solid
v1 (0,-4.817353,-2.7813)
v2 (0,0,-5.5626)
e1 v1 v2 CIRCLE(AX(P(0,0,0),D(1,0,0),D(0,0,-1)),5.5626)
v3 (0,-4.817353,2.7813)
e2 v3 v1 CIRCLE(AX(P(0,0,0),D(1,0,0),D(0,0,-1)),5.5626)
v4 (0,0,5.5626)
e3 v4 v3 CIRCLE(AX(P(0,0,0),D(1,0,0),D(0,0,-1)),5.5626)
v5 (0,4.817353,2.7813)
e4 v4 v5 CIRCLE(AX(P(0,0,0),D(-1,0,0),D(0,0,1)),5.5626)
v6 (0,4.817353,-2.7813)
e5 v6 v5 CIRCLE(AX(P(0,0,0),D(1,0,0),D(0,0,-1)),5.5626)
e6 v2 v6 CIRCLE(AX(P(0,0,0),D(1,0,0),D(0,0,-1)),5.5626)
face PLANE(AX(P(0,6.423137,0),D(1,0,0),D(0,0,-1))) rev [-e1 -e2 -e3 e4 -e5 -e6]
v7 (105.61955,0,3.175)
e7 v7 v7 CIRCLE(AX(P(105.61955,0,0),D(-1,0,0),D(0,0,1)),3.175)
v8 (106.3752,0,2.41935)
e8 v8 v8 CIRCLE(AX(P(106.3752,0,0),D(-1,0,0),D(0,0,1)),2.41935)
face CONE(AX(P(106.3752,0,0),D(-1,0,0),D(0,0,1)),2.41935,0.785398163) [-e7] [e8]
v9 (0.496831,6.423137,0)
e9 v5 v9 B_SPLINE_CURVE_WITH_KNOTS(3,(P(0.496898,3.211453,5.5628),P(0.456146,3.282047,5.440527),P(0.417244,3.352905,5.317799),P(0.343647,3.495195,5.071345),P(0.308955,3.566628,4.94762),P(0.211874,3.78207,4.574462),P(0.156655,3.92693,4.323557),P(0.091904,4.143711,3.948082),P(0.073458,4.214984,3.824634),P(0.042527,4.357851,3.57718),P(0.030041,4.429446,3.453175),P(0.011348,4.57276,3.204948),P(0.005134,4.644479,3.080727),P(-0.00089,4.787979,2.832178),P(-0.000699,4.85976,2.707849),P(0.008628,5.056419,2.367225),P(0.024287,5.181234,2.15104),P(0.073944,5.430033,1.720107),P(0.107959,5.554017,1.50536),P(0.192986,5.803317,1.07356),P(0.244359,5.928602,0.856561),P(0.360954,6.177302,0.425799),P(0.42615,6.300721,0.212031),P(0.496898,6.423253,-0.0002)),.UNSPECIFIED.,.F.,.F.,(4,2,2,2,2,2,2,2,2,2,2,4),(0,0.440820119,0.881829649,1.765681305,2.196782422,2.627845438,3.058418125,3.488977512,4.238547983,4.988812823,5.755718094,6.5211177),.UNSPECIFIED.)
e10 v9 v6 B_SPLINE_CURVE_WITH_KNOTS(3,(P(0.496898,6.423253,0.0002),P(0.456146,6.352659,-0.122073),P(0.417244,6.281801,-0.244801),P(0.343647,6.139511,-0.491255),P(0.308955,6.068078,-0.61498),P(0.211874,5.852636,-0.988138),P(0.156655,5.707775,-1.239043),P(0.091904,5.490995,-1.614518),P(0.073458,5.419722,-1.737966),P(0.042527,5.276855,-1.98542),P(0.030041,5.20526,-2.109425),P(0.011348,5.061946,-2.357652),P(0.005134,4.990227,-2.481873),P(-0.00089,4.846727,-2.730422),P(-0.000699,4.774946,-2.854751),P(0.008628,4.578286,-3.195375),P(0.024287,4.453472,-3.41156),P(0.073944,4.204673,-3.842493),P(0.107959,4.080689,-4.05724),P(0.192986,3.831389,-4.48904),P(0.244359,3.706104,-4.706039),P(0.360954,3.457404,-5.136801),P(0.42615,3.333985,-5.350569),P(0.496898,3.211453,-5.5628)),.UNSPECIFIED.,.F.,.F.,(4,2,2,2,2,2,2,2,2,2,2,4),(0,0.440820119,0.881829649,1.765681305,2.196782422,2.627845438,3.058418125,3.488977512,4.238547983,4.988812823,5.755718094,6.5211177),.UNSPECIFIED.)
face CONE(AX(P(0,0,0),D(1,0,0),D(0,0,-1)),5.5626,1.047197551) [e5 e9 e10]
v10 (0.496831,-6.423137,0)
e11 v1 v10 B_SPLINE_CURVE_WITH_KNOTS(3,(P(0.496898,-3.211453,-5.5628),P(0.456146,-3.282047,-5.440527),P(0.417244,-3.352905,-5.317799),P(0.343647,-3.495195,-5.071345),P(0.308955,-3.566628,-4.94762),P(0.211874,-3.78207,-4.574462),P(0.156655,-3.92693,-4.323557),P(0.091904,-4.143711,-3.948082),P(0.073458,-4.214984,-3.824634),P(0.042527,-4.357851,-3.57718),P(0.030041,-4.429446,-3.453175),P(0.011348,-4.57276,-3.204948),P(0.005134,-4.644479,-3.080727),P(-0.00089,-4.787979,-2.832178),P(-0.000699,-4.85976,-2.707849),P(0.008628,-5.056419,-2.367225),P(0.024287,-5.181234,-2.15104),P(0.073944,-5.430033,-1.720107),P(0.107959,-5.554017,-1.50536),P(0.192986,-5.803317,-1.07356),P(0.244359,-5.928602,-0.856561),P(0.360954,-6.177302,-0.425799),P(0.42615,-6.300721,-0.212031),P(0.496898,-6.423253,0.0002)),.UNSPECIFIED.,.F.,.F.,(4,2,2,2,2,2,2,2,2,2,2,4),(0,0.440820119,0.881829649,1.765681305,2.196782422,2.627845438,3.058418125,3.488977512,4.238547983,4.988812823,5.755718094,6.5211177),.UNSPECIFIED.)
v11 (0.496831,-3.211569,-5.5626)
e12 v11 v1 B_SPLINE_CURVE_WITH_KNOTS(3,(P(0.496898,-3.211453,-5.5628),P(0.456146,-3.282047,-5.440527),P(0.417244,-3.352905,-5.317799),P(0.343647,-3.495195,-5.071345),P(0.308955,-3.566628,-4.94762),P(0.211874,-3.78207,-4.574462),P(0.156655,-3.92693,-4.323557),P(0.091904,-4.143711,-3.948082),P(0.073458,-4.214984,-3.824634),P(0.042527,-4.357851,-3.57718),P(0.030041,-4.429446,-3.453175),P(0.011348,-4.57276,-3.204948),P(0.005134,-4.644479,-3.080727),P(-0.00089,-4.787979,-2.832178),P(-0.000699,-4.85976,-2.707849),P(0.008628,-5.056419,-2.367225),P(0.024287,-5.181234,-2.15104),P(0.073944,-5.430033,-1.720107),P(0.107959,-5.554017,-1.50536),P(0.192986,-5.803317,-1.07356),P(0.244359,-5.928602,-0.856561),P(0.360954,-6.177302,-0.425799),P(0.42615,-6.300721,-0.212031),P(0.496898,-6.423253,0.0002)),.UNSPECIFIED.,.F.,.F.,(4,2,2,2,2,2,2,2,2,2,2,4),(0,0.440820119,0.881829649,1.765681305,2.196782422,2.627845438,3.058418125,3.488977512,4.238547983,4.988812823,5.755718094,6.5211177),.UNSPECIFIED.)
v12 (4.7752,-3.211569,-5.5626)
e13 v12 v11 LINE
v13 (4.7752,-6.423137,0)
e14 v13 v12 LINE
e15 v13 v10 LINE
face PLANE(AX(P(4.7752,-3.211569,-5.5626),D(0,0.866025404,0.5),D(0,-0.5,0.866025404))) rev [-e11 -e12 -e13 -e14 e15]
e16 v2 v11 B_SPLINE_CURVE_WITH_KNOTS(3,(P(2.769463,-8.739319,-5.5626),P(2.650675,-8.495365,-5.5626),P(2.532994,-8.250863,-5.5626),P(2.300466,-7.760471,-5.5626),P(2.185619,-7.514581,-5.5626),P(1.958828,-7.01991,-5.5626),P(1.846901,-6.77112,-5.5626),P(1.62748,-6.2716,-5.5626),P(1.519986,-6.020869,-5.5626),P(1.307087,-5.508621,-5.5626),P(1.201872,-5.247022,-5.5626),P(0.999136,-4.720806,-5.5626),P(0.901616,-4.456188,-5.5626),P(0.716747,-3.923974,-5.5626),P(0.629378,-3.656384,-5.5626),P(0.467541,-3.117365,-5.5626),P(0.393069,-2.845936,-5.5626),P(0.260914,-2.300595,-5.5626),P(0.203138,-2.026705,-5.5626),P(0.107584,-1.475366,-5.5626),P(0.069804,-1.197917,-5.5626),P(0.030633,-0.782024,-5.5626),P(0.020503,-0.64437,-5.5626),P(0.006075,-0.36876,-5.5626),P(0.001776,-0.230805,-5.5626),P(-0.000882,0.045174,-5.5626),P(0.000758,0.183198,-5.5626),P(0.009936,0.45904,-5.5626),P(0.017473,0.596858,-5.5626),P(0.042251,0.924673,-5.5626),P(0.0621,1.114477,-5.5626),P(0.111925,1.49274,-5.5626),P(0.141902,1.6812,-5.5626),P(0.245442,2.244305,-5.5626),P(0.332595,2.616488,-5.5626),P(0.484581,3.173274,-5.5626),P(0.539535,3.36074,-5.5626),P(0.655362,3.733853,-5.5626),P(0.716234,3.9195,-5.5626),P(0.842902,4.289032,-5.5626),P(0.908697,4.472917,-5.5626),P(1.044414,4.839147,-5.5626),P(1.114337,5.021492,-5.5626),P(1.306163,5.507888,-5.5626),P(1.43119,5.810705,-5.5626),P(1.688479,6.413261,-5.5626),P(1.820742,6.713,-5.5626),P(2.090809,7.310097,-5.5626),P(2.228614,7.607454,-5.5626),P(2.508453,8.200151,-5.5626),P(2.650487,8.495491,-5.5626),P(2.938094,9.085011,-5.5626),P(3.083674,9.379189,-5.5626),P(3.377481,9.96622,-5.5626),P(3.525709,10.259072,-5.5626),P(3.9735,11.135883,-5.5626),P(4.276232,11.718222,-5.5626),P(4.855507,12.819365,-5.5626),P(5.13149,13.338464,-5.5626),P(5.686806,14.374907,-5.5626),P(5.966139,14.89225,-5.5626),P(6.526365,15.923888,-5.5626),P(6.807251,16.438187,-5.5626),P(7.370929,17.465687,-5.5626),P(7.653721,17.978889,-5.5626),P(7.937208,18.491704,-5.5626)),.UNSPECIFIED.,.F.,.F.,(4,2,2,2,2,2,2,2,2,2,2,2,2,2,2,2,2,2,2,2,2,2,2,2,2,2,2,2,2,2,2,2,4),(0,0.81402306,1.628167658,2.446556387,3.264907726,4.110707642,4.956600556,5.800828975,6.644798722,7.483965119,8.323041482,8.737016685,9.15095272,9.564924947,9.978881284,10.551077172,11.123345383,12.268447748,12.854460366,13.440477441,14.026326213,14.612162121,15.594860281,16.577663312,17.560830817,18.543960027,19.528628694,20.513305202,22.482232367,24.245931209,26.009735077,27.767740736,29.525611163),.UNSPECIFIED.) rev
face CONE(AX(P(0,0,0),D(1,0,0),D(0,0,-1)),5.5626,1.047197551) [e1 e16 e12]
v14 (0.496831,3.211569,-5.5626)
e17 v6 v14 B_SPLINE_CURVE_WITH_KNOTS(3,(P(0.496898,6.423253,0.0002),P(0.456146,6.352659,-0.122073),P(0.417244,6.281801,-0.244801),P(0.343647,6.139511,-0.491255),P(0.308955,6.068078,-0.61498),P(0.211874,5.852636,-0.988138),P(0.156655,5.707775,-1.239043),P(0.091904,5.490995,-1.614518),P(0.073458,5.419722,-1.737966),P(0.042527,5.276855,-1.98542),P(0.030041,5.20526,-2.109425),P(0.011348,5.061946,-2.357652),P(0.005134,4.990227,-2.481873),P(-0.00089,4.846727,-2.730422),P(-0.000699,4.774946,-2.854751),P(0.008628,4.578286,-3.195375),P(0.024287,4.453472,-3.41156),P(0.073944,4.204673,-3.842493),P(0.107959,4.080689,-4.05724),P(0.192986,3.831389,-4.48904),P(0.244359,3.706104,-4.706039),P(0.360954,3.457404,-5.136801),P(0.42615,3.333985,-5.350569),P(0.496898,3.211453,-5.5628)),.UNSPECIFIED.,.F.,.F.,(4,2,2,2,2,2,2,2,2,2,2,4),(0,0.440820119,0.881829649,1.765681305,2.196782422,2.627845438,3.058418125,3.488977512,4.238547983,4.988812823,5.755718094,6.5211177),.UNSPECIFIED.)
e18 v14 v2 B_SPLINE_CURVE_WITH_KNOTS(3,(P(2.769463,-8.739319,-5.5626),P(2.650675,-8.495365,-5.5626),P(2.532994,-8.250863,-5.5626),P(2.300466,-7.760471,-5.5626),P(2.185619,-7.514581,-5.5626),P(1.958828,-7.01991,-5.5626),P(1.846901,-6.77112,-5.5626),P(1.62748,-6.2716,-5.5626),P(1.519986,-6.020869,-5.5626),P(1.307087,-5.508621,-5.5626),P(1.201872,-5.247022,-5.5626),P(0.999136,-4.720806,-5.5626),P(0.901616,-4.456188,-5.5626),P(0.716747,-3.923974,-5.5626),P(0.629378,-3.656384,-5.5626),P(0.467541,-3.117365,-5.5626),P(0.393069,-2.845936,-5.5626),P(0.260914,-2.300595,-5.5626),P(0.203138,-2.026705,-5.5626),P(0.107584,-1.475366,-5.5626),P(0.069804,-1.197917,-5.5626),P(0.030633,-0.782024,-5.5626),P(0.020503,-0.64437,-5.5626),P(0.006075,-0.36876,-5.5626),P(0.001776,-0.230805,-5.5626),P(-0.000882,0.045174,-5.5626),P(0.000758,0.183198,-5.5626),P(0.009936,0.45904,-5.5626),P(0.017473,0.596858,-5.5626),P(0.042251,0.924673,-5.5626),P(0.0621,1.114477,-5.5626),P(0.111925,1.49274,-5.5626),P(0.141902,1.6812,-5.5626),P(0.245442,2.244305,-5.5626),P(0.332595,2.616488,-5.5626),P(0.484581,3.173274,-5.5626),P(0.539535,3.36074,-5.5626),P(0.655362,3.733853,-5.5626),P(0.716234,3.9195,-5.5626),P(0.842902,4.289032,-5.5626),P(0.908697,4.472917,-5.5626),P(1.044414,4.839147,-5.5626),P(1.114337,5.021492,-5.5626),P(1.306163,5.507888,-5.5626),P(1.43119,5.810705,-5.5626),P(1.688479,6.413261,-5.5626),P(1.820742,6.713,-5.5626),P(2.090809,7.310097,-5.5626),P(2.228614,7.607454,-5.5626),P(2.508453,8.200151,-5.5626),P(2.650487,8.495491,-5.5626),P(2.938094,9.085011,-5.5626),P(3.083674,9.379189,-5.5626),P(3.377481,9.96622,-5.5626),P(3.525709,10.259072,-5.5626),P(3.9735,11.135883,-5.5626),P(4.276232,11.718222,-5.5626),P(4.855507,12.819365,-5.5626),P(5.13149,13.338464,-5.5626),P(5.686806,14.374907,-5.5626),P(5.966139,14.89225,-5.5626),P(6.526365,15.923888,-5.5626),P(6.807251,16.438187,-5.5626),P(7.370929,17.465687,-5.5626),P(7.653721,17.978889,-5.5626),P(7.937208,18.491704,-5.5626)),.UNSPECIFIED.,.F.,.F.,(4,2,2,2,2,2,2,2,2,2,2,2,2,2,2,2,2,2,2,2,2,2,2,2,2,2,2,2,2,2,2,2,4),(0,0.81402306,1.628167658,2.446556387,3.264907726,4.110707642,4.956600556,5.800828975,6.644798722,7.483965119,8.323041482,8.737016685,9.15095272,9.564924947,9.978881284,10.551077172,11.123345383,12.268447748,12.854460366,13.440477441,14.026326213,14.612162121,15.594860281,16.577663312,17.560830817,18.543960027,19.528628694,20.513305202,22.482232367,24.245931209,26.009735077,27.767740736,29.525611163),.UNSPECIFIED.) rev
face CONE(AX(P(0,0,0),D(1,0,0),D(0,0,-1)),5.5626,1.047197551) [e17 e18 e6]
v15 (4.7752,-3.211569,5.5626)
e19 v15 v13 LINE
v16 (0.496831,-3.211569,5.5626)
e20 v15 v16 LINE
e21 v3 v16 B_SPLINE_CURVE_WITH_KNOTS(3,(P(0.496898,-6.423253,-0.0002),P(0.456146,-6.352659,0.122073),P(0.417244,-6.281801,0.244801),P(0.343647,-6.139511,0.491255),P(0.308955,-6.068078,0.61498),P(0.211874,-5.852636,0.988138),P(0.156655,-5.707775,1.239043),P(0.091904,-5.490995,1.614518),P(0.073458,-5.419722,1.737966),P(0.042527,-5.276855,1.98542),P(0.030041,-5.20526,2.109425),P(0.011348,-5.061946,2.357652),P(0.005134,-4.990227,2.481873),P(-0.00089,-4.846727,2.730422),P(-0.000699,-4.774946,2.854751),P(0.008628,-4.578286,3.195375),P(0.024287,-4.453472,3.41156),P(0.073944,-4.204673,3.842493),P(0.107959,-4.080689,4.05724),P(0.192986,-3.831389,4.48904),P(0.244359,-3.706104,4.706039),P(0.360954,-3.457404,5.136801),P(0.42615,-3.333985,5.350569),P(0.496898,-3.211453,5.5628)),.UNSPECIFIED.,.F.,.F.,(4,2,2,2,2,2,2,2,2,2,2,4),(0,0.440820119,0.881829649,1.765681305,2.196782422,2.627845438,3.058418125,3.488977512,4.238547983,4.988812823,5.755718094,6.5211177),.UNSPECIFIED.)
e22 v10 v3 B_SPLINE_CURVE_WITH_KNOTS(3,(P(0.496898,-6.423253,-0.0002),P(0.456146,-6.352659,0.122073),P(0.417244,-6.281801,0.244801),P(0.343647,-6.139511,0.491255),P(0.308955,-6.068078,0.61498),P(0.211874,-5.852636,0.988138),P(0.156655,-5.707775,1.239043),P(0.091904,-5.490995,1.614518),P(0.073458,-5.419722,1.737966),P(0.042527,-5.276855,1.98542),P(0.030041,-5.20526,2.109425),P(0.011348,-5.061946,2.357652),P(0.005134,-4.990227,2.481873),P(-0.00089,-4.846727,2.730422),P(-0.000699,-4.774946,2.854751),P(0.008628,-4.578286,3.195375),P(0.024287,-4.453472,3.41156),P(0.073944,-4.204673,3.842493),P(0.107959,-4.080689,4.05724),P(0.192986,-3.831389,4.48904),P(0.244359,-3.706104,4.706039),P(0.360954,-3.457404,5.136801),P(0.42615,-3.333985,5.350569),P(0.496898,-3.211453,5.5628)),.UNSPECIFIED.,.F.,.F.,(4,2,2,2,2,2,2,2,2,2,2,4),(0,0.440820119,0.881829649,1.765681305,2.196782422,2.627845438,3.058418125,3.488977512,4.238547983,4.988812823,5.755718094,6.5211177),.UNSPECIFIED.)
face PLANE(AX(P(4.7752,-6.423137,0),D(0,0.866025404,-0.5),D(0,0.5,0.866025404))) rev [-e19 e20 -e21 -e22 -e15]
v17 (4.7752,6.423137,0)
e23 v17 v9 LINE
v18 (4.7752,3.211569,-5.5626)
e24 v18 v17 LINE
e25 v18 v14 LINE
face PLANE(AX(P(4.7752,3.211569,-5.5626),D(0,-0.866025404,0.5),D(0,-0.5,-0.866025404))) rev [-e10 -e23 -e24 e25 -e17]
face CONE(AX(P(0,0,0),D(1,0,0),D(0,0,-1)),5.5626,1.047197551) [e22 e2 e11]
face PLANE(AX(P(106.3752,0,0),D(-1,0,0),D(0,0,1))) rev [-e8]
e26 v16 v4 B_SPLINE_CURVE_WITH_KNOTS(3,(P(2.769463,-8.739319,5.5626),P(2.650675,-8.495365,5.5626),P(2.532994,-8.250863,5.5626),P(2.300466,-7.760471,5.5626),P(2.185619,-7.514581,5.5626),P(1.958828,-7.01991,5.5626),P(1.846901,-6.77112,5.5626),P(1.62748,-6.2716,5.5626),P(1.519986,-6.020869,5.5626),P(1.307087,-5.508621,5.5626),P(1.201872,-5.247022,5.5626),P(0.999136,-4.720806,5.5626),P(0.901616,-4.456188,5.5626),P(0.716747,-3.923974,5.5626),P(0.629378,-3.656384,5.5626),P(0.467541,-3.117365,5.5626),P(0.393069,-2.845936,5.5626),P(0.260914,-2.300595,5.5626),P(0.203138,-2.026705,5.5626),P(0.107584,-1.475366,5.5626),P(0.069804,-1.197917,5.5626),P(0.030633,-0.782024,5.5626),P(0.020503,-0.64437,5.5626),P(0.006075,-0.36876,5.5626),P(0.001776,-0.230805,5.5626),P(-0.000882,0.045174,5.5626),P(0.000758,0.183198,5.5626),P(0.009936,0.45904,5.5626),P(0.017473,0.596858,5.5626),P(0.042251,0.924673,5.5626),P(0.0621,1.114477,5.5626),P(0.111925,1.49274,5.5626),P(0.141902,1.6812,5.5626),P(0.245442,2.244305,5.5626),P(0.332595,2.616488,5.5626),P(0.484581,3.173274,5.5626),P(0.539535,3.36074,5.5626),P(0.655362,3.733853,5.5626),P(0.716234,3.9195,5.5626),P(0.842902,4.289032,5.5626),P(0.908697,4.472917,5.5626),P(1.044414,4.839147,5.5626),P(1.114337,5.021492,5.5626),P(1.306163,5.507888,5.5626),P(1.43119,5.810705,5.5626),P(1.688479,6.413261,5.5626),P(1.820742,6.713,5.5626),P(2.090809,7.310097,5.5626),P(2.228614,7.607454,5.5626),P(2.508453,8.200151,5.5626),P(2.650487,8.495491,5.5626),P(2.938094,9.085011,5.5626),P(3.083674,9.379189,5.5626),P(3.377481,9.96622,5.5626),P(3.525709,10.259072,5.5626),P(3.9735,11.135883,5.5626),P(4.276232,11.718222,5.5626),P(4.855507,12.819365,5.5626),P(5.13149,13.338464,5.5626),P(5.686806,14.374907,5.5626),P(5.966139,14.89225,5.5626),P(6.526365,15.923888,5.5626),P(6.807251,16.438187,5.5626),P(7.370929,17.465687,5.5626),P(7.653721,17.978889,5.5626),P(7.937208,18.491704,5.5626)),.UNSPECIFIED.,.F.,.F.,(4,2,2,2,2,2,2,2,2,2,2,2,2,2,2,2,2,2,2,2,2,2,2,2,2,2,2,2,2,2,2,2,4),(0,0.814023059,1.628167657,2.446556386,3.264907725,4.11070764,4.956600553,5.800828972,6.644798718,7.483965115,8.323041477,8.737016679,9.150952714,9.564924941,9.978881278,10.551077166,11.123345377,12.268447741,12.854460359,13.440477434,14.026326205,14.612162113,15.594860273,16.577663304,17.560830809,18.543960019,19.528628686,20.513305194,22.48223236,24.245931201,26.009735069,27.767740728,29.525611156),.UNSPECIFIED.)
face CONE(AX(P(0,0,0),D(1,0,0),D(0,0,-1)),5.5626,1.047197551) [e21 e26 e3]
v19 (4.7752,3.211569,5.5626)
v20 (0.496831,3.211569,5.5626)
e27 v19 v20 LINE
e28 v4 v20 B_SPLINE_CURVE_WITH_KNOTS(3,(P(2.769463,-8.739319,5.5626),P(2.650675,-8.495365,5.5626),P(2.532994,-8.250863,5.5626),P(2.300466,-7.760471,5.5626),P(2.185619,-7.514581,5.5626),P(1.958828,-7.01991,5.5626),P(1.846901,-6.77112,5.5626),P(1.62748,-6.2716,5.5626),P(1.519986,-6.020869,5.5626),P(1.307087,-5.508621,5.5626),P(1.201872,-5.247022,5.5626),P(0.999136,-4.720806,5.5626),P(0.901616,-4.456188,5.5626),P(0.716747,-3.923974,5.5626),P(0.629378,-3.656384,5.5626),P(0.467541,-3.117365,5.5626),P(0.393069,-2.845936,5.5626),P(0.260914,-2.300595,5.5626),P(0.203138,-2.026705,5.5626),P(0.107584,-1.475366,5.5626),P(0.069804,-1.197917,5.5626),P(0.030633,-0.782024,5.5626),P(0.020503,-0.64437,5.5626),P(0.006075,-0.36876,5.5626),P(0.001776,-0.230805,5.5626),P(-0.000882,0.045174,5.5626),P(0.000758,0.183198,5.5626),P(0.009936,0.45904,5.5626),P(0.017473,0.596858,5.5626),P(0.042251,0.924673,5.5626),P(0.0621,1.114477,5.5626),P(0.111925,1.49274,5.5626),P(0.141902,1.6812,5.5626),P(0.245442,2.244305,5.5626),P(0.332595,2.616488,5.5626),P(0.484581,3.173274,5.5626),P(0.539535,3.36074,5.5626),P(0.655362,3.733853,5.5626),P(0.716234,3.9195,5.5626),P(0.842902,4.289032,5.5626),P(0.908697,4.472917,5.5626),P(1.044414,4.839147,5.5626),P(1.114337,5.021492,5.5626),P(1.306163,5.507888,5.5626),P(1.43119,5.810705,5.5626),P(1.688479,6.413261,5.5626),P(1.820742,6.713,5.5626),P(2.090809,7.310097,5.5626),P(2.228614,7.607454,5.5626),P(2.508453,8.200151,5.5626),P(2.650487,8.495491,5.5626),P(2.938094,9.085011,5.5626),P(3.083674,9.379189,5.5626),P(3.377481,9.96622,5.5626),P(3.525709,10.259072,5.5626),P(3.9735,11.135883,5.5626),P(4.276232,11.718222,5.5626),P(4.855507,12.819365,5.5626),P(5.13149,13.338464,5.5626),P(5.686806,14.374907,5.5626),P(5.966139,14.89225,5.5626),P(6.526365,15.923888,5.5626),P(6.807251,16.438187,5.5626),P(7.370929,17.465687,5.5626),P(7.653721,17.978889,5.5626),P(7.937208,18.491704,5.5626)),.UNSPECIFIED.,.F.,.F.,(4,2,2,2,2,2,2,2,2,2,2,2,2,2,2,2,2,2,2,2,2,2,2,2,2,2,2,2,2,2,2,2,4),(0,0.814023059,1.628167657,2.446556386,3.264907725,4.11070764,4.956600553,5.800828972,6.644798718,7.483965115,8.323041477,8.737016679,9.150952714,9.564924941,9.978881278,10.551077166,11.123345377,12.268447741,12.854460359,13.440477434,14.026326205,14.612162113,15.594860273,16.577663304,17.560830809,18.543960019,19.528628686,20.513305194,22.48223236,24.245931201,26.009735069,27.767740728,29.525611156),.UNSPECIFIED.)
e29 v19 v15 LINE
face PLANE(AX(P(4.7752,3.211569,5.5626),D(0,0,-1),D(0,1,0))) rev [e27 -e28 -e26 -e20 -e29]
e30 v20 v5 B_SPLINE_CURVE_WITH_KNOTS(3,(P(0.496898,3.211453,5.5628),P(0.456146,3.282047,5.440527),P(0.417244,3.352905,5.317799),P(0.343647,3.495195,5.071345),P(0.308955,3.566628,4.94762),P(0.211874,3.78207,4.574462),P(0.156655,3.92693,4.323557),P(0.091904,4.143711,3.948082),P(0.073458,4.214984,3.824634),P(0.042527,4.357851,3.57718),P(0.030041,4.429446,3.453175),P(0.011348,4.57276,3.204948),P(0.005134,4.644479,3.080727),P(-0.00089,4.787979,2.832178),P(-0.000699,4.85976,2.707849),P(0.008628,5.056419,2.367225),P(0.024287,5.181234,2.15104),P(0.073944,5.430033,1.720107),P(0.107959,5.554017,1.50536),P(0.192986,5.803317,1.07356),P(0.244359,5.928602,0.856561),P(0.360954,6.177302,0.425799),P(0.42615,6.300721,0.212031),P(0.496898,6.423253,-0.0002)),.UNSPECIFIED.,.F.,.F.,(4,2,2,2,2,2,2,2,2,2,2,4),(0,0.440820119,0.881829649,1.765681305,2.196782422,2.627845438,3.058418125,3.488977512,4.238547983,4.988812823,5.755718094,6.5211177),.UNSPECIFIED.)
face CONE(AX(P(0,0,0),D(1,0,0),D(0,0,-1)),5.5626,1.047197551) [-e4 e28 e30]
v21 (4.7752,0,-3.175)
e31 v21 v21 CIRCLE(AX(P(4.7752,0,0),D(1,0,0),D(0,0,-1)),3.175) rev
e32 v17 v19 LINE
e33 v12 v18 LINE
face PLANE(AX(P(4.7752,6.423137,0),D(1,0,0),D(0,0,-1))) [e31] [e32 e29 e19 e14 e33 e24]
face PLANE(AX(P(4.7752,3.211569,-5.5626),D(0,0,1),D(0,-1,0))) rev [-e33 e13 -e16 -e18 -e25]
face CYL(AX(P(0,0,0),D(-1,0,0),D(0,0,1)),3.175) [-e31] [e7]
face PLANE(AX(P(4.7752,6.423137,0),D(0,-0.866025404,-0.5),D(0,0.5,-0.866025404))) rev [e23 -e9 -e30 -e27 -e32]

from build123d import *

# Parameters (mm, degrees)
BASEHEAD_DEPTH = 4.7752


with BuildPart() as part:
    # Sketch1 → BaseHead (new body)
    with BuildSketch(Plane(origin=(0, 0, 0), x_dir=(0, 0, -1), z_dir=(1, 0, 0))):
        Polygon((5.5626, 3.211568607), (5.5626, -3.211568607), (0, -6.423137215), (-5.5626, -3.211568607), (-5.5626, 3.211568607), (0, 6.423137215), align=None)
    extrude(amount=BASEHEAD_DEPTH)

    # BodySke → BaseBody (revolve)
    with BuildSketch(Plane.XY, mode=Mode.PRIVATE) as basebody_sk:
        Polygon((0, 0), (106.3752, 0), (106.3752, 2.41935), (105.61955, 3.175), (0, 3.175), align=None)
    revolve(basebody_sk.sketch.rotate(Axis((0, 0, 0), (1, 0, 0)), 90), axis=Axis((0, 0, 0), (1, 0, 0)))

    # Sketch3 → HeadChamfer (revolve, cut)
    with BuildSketch(Plane.XY):
        Polygon((0, 5.5626), (4.163005602, 12.773137215), (4.163005602, 19.123137215), (-12.7, 19.123137215), (-12.7, 5.5626), align=None)
    revolve(axis=Axis((0, 0, 0), (1, 0, 0)), mode=Mode.SUBTRACT)


solid = part.part
